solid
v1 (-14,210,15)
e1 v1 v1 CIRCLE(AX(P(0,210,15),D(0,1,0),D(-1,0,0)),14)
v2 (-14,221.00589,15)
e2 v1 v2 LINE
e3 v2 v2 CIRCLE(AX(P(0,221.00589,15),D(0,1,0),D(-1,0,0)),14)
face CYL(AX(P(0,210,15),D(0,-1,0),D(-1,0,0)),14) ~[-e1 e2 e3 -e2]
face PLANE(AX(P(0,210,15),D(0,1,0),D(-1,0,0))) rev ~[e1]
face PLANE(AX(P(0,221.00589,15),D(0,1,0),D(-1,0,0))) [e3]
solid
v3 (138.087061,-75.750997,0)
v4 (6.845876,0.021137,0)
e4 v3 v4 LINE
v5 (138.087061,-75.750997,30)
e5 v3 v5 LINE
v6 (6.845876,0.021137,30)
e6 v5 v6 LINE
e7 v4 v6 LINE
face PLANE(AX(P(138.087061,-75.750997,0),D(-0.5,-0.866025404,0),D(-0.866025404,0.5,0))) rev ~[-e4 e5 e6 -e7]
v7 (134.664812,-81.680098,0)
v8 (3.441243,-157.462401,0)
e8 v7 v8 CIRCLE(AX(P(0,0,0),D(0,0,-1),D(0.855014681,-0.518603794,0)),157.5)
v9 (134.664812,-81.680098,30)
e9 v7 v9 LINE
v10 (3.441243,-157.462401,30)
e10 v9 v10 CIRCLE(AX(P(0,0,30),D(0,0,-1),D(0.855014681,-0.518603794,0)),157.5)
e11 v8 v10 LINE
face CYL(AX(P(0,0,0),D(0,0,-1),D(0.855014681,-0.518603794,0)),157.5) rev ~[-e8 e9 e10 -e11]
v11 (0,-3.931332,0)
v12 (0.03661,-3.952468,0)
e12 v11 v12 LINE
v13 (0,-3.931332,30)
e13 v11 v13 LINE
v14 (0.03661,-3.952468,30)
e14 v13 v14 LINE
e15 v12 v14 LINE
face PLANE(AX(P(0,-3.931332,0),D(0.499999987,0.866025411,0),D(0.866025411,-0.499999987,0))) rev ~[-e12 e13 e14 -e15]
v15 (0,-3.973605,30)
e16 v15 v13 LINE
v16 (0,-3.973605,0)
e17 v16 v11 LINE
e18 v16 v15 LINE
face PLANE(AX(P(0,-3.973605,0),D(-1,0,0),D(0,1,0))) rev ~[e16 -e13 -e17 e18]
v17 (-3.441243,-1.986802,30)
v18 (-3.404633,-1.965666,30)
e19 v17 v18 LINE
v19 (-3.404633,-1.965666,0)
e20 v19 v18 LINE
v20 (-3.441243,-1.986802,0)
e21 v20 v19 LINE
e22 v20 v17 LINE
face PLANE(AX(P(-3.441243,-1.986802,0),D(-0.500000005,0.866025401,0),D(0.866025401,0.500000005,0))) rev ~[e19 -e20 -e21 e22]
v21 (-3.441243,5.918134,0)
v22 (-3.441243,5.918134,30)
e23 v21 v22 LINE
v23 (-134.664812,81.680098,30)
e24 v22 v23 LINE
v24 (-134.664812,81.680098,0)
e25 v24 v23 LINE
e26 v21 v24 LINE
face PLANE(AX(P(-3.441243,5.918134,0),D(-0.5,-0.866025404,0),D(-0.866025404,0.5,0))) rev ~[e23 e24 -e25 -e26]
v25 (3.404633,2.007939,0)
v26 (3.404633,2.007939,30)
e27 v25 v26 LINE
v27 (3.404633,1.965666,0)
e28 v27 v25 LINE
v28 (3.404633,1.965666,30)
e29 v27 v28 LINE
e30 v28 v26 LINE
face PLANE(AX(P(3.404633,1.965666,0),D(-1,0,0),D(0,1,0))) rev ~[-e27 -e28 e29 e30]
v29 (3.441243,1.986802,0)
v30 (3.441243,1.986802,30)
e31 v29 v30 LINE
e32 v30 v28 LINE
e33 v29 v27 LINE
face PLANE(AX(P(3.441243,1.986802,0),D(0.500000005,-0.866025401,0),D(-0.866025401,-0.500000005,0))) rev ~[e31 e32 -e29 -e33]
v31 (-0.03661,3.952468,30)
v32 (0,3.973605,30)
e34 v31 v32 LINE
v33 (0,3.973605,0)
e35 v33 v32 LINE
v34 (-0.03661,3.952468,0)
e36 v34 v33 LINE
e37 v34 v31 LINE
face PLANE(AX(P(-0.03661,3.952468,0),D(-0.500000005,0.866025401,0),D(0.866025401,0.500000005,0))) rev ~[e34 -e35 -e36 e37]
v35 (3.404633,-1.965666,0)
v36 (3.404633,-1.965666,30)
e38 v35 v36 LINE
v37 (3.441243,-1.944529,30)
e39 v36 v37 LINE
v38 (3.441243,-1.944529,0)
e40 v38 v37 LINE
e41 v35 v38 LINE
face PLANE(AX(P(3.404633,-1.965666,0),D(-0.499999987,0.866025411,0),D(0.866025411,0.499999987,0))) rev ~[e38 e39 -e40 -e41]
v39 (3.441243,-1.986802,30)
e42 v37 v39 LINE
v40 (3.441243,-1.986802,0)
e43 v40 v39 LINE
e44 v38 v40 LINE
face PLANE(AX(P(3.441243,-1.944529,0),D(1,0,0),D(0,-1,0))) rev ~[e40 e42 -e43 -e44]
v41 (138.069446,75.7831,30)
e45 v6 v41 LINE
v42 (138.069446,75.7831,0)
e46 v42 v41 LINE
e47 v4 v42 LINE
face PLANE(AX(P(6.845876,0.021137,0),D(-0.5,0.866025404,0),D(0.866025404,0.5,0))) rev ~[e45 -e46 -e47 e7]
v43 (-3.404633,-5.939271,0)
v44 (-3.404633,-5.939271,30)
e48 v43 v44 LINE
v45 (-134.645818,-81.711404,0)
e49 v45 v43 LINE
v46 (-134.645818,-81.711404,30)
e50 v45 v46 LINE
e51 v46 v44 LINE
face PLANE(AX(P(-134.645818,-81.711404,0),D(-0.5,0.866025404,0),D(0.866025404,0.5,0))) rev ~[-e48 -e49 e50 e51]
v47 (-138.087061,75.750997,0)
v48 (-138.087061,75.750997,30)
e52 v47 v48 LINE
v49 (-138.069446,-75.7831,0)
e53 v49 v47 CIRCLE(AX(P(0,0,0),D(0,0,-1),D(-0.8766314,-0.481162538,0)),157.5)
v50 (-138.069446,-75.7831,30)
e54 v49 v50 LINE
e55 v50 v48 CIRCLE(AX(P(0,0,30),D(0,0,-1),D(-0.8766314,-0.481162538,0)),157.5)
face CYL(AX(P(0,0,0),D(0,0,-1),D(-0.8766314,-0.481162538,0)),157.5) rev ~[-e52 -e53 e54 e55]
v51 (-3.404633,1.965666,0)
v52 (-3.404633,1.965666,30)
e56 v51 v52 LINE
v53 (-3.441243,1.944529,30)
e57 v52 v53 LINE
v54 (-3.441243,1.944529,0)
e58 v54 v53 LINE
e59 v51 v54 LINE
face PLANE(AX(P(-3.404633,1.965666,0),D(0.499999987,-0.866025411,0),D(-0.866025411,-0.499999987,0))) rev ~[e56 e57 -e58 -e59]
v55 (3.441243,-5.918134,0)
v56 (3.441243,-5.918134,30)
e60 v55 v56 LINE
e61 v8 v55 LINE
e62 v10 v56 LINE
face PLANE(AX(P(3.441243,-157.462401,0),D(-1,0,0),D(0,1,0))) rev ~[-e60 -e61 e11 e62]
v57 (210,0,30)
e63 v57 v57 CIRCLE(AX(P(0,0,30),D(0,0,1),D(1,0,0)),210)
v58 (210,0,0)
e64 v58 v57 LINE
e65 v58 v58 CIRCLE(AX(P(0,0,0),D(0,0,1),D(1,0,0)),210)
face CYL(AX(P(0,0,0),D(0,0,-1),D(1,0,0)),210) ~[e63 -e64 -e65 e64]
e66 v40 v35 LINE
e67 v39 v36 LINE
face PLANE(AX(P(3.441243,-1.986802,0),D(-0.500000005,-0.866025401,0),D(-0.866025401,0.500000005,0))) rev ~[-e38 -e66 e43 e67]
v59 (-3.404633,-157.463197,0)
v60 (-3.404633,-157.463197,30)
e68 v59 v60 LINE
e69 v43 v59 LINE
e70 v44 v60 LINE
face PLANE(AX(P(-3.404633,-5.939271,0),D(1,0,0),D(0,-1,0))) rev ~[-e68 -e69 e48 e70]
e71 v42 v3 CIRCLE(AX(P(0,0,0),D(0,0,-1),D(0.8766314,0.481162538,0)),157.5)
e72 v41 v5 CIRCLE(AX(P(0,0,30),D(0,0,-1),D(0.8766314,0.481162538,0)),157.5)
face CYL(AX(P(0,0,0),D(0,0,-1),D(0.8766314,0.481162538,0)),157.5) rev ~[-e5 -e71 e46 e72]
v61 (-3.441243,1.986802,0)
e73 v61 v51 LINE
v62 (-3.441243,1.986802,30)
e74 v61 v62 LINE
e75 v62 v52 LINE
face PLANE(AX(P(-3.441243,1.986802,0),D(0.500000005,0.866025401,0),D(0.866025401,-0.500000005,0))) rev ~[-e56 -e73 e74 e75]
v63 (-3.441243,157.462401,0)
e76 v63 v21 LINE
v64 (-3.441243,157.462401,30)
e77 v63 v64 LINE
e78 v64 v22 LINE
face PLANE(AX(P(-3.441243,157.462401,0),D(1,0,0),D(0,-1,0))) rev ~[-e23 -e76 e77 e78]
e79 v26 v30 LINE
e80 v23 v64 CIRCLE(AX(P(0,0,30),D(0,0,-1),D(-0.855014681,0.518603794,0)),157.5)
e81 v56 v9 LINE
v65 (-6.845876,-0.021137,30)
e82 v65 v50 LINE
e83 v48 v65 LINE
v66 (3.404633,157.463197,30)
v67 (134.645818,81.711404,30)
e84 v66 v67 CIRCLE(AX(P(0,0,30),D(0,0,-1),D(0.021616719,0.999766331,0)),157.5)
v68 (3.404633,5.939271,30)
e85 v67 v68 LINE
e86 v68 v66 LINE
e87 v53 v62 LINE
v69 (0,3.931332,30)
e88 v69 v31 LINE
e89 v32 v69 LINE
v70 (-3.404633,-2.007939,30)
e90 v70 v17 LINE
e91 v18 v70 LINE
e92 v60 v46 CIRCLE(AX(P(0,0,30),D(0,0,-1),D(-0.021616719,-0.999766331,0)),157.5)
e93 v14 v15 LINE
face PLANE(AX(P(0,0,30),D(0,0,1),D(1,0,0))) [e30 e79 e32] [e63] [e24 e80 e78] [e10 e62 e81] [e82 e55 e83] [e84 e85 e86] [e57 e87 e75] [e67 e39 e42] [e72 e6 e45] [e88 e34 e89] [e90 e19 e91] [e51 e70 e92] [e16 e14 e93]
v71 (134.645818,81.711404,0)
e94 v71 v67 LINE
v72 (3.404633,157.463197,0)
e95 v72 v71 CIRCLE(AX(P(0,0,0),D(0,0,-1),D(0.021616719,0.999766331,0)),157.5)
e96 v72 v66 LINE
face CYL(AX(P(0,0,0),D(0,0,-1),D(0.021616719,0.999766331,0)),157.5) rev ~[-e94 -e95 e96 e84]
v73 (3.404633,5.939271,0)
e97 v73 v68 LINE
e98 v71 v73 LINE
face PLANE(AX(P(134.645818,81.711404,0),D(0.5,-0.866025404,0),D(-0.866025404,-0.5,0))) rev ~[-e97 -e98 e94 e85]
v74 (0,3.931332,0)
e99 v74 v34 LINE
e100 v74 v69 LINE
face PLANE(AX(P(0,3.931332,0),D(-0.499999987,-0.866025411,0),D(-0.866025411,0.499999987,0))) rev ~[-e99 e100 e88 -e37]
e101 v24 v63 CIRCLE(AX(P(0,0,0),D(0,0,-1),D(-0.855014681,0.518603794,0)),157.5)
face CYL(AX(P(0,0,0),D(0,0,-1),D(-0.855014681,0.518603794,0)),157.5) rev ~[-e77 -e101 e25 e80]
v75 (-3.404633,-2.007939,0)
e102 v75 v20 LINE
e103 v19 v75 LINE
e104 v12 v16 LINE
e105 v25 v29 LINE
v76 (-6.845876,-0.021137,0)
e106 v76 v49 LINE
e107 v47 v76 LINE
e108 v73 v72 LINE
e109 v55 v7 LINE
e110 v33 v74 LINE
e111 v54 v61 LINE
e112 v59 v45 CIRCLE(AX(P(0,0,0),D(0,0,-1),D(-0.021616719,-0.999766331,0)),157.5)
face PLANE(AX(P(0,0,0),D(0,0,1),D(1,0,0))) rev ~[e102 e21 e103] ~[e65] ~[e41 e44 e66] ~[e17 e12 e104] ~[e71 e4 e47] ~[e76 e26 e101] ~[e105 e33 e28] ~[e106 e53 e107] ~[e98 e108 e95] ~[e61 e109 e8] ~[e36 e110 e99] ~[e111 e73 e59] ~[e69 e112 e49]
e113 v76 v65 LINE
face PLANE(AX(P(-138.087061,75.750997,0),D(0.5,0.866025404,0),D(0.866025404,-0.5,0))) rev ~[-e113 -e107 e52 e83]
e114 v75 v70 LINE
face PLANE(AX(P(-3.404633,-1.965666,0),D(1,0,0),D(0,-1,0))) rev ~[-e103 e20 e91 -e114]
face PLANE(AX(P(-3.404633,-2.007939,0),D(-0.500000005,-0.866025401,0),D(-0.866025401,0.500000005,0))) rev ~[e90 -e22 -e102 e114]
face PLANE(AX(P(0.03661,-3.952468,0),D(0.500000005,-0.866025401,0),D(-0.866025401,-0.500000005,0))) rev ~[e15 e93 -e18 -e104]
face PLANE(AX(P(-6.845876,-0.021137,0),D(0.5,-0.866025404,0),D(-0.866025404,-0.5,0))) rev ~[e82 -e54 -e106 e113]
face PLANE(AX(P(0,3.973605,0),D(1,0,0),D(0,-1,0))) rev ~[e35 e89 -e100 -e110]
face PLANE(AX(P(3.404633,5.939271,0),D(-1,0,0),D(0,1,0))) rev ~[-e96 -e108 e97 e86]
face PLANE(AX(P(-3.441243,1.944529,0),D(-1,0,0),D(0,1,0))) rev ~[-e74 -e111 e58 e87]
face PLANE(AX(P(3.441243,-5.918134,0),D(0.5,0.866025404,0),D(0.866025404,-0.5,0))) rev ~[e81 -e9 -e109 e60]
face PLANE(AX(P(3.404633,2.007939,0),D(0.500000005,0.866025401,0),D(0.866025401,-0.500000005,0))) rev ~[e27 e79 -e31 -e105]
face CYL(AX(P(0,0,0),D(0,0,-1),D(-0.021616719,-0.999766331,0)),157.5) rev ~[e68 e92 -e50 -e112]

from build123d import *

# Parameters (mm, degrees)
SKETCH_1_R      = 210
EXTRUDE_1_DEPTH = 30
SKETCH_2_R      = 14
EXTRUDE_2_DEPTH = 11.005890415


with BuildPart() as part:
    # 草图1 → 凸台-拉伸1 (new body)
    with BuildSketch(Plane.XY):
        Circle(SKETCH_1_R)
        with BuildLine():
            Line((-134.645818325, -81.711404391), (-3.404633286, -5.93927088))
            Line((-3.404633286, -5.93927088), (-3.404633286, -157.463197199))
            ThreePointArc((-3.404633286, -157.463197199), (-78.73414333, -136.40815472), (-134.645818325, -81.711404391))
        make_face(mode=Mode.SUBTRACT)
        with BuildLine():
            Line((-138.087061144, 75.750996987), (-6.845876106, -0.021136524))
            Line((-6.845876106, -0.021136524), (-138.069445579, -75.783099683))
            ThreePointArc((-138.069445579, -75.783099683), (-157.499998936, -0.018309091), (-138.087061144, 75.750996987))
        make_face(mode=Mode.SUBTRACT)
        Polygon((-3.441242819, -1.986802468), (-3.404633286, -1.965665944), (-3.404633286, -2.007938992), align=None, mode=Mode.SUBTRACT)
        with BuildLine():
            Line((3.441242819, -157.462401378), (3.441242819, -5.918134357))
            Line((3.441242819, -5.918134357), (134.664812292, -81.680097516))
            ThreePointArc((134.664812292, -81.680097516), (78.765855606, -136.389845629), (3.441242819, -157.462401378))
        make_face(mode=Mode.SUBTRACT)
        Polygon((0, -3.931331889), (0.036609533, -3.952468412), (0, -3.973604936), align=None, mode=Mode.SUBTRACT)
        Polygon((3.404633286, -1.965665944), (3.441242819, -1.944529421), (3.441242819, -1.986802468), align=None, mode=Mode.SUBTRACT)
        Polygon((-3.441242819, 1.986802468), (-3.404633286, 1.965665944), (-3.441242819, 1.944529421), align=None, mode=Mode.SUBTRACT)
        Polygon((0, 3.973604936), (0, 3.931331889), (-0.036609533, 3.952468412), align=None, mode=Mode.SUBTRACT)
        with BuildLine():
            Line((-3.441242819, 157.462401378), (-3.441242819, 5.918134357))
            Line((-3.441242819, 5.918134357), (-134.664812292, 81.680097516))
            ThreePointArc((-134.664812292, 81.680097516), (-78.765855606, 136.389845629), (-3.441242819, 157.462401378))
        make_face(mode=Mode.SUBTRACT)
        Polygon((3.441242819, 1.986802468), (3.404633286, 1.965665944), (3.404633286, 2.007938992), align=None, mode=Mode.SUBTRACT)
        with BuildLine():
            Line((138.087061144, -75.750996987), (6.845876106, 0.021136524))
            Line((6.845876106, 0.021136524), (138.069445579, 75.783099683))
            ThreePointArc((138.069445579, 75.783099683), (157.499998936, 0.018309091), (138.087061144, -75.750996987))
        make_face(mode=Mode.SUBTRACT)
        with BuildLine():
            Line((134.645818325, 81.711404391), (3.404633286, 5.93927088))
            Line((3.404633286, 5.93927088), (3.404633286, 157.463197199))
            ThreePointArc((3.404633286, 157.463197199), (78.73414333, 136.40815472), (134.645818325, 81.711404391))
        make_face(mode=Mode.SUBTRACT)
    extrude(amount=EXTRUDE_1_DEPTH)


with BuildPart() as body_2:
    # 草图2 → 凸台-拉伸2 (new body)
    with BuildSketch(Plane(origin=(0, 210, 0), x_dir=(1, 0, 0), z_dir=(0, 1, 0))):
        with Locations(Location((0, -15, 0), (0, 0, 180))):
            Circle(SKETCH_2_R)
    extrude(amount=EXTRUDE_2_DEPTH)


solid = Compound([part.part, body_2.part])
